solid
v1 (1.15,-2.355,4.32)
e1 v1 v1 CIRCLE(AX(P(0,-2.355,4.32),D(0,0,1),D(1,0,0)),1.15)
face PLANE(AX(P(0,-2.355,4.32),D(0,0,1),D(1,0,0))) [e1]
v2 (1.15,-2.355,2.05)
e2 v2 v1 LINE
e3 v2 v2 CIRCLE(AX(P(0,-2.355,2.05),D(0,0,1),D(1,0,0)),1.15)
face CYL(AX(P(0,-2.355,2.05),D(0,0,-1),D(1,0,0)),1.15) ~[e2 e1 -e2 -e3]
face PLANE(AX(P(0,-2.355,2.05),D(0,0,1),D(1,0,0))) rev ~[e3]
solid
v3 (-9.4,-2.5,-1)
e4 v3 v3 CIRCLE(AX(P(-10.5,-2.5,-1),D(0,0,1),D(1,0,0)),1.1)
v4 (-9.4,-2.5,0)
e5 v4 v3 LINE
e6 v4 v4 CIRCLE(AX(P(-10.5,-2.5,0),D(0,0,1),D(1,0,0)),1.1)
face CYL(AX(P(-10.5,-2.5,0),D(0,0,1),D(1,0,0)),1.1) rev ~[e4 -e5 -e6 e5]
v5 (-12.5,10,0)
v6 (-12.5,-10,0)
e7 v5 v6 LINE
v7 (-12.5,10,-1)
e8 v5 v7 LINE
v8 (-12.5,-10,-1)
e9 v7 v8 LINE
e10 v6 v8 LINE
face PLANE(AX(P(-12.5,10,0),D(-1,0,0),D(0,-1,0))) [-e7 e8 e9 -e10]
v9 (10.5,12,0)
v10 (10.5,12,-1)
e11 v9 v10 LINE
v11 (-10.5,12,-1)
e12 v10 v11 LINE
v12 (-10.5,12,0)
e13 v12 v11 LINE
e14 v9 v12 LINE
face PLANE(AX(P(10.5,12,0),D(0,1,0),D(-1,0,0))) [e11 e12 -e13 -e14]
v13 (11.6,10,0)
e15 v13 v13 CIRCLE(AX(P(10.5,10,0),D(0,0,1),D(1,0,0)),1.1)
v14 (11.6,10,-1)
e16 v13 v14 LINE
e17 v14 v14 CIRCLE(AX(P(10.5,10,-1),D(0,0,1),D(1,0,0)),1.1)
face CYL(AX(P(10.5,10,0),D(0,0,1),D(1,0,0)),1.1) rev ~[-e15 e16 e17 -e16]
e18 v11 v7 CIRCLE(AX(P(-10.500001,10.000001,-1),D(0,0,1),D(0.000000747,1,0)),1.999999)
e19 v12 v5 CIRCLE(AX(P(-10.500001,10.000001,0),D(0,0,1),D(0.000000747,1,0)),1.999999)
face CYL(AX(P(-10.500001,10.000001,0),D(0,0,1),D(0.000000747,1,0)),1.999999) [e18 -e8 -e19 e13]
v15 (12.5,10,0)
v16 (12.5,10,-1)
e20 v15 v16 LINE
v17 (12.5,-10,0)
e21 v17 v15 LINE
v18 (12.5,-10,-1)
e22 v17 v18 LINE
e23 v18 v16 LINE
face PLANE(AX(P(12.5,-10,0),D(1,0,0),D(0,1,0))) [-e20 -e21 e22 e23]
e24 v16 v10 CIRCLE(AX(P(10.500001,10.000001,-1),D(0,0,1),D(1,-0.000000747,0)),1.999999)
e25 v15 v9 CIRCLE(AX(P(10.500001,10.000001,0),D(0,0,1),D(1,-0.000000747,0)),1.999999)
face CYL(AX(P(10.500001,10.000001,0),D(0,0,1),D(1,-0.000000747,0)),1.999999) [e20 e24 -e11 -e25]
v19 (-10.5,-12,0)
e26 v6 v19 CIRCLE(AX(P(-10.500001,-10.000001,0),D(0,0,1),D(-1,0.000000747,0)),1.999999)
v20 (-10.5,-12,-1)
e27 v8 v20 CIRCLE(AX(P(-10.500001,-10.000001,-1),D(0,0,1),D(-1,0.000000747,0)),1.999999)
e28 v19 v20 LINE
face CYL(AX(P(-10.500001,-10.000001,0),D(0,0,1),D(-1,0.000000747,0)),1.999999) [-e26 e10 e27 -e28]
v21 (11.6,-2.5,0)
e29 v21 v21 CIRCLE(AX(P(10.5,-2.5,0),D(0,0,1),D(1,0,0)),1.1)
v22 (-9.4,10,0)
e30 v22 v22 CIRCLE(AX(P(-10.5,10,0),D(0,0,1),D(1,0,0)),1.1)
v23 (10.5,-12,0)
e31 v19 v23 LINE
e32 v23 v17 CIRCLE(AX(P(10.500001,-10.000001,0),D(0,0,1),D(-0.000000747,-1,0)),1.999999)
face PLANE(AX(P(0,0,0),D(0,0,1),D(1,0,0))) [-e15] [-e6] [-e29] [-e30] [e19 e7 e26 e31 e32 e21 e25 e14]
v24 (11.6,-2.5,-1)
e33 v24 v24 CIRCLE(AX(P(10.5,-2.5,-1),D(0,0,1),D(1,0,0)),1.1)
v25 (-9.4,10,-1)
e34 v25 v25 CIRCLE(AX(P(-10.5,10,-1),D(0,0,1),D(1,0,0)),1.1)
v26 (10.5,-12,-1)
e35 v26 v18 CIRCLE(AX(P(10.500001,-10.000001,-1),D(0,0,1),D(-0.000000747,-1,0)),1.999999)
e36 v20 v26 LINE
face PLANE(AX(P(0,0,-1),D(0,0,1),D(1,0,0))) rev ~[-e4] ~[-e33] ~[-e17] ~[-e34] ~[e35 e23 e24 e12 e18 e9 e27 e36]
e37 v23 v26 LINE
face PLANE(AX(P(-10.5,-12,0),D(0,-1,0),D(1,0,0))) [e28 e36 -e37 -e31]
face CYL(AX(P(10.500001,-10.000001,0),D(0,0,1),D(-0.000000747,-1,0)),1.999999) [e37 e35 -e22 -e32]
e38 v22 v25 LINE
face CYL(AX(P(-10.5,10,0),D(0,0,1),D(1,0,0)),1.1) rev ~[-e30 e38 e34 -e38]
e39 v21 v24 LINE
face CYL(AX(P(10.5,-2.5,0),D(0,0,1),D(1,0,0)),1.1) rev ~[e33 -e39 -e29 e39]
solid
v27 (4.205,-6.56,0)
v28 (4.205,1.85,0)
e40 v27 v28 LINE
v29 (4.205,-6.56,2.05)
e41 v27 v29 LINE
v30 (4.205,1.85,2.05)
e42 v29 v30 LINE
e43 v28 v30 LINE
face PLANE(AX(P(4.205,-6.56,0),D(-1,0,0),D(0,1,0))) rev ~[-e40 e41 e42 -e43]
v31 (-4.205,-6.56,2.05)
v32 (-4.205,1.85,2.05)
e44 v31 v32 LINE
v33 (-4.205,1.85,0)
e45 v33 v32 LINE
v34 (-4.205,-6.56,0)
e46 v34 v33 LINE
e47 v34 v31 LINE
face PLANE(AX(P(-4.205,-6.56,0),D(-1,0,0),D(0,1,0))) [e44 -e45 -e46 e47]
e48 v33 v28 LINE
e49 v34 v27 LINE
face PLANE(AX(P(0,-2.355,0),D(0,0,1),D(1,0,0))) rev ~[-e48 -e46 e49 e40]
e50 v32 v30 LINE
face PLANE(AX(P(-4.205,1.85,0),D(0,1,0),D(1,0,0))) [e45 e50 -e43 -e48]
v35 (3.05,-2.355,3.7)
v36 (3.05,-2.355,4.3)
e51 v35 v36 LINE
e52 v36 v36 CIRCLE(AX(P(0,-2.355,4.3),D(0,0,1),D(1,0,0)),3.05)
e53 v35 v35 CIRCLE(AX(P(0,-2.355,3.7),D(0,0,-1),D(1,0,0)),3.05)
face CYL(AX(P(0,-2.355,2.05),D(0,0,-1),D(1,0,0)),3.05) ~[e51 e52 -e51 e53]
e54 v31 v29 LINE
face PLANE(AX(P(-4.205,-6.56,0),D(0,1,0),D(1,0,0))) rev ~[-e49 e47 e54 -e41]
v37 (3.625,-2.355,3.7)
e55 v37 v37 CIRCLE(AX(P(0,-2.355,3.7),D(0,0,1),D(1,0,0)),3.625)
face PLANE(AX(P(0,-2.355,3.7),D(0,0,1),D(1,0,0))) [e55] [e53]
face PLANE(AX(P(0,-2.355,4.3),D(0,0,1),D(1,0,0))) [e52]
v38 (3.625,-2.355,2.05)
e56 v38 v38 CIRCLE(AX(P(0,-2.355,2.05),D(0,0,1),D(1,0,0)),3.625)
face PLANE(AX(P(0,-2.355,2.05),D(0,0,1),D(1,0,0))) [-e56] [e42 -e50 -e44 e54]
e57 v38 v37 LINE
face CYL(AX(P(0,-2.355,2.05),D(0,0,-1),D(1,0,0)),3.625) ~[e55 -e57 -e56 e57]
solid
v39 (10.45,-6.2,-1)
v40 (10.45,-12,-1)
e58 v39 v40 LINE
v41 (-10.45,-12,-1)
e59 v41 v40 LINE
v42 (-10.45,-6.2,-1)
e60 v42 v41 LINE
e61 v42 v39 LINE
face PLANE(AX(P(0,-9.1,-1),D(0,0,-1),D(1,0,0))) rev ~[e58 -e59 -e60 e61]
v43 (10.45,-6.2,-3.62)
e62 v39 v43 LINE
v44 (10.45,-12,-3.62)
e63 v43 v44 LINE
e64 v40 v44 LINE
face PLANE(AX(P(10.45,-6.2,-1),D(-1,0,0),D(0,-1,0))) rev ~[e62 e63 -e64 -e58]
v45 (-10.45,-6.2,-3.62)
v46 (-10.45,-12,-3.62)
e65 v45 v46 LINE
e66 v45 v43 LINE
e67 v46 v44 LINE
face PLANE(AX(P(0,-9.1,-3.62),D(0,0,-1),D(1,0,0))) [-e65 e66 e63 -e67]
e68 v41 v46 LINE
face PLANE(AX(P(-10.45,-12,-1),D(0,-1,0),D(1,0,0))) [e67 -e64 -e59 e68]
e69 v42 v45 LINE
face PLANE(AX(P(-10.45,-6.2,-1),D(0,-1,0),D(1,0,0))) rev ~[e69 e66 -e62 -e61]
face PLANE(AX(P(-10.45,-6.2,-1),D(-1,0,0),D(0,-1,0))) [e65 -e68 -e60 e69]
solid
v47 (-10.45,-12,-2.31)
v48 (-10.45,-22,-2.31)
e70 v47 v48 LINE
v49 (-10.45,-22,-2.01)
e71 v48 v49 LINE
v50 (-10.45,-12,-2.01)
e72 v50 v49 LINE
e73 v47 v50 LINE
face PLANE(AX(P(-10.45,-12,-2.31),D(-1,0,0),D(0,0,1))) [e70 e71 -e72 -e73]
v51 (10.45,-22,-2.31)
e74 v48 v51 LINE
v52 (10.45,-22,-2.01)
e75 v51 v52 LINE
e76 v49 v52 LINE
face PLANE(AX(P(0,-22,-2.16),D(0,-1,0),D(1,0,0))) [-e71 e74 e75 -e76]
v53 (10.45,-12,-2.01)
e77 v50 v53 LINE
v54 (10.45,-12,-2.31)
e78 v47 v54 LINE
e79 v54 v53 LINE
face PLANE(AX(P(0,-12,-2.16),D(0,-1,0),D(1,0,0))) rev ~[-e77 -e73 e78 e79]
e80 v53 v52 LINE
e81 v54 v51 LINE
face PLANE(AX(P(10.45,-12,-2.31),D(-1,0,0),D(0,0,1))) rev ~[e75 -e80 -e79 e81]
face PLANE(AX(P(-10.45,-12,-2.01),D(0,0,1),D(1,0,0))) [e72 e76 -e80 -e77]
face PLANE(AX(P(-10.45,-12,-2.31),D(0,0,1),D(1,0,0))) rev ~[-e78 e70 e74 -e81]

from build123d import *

# Parameters (mm, degrees)
F1_DEPTH  = 1
F2_R      = 1.1
F3_DEPTH  = 1
F4_W      = 8.41
F4_H      = 8.41
F5_DEPTH  = 2.05
F6_R      = 3.625
F6_R_2    = 3.05
F6_R_3    = 1.15
F7_DEPTH  = 1.65
F8_DEPTH  = 2.25
F9_DEPTH  = 2.27
F10_W     = 20.9
F10_H     = 5.8
F11_DEPTH = 2.62
F12_W     = 20.9
F12_H     = 0.3
F13_DEPTH = 10


with BuildPart() as f1:
    # F0 (on Top) → F1 (new body)
    with BuildSketch(Plane.XY):
        with BuildLine():
            ThreePointArc((12.5, 10), (11.914214, 11.414214), (10.5, 12))
            Line((10.5, 12), (-10.5, 12))
            ThreePointArc((-10.5, 12), (-11.914214, 11.414214), (-12.5, 10))
            Line((-12.5, 10), (-12.5, -10))
            ThreePointArc((-12.5, -10), (-11.914214, -11.414214), (-10.5, -12))
            Line((-10.5, -12), (10.5, -12))
            ThreePointArc((10.5, -12), (11.914214, -11.414214), (12.5, -10))
            Line((12.5, -10), (12.5, 10))
        make_face()
    extrude(amount=-F1_DEPTH)

    # F2 (on face) → F3 (cut, through all)
    with BuildSketch(Plane.XY):
        with Locations((-10.5, 10)):
            Circle(F2_R)
        with Locations((-10.5, -2.5)):
            Circle(F2_R)
        with Locations((10.5, -2.5)):
            Circle(F2_R)
        with Locations((10.5, 10)):
            Circle(F2_R)
    extrude(amount=-F3_DEPTH, mode=Mode.SUBTRACT)


with BuildPart() as f5:
    # F4 (on face) → F5 (new body)
    with BuildSketch(Plane.XY):
        with Locations((0, -2.355)):
            Rectangle(F4_W, F4_H)
    extrude(amount=F5_DEPTH)

    # F6 (on face) → F7 (join)
    with BuildSketch(Plane.XY.offset(2.05)):
        with Locations((0, -2.355)):
            Circle(F6_R)
        with Locations((0, -2.355)):
            Circle(F6_R_2, mode=Mode.SUBTRACT)
        with Locations((0, -2.355)):
            Circle(F6_R_2)
        with Locations((0, -2.355)):
            Circle(F6_R_3, mode=Mode.SUBTRACT)
        with Locations((0, -2.355)):
            Circle(F6_R_3)
    extrude(amount=F7_DEPTH)

    # F6 (on face) → F8 (join)
    with BuildSketch(Plane.XY.offset(2.05)):
        with Locations((0, -2.355)):
            Circle(F6_R_2)
        with Locations((0, -2.355)):
            Circle(F6_R_3, mode=Mode.SUBTRACT)
        with Locations((0, -2.355)):
            Circle(F6_R_3)
    extrude(amount=F8_DEPTH)


with BuildPart() as f9:
    # F6 (on face) → F9 (new body)
    with BuildSketch(Plane.XY.offset(2.05)):
        with Locations((0, -2.355)):
            Circle(F6_R_3)
    extrude(amount=F9_DEPTH)


with BuildPart() as f11:
    # F10 (on face) → F11 (new body)
    with BuildSketch(Plane(origin=(0, 0, -1), x_dir=(1, 0, 0), z_dir=(0, 0, -1))):
        with Locations((0, 9.1)):
            Rectangle(F10_W, F10_H)
    extrude(amount=F11_DEPTH)


with BuildPart() as f13:
    # F12 (on face) → F13 (new body)
    with BuildSketch(Plane.XZ.offset(12)):
        with Locations((0, -2.16)):
            Rectangle(F12_W, F12_H)
    extrude(amount=F13_DEPTH)


solid = Compound([f1.part, f5.part, f9.part, f11.part, f13.part])
